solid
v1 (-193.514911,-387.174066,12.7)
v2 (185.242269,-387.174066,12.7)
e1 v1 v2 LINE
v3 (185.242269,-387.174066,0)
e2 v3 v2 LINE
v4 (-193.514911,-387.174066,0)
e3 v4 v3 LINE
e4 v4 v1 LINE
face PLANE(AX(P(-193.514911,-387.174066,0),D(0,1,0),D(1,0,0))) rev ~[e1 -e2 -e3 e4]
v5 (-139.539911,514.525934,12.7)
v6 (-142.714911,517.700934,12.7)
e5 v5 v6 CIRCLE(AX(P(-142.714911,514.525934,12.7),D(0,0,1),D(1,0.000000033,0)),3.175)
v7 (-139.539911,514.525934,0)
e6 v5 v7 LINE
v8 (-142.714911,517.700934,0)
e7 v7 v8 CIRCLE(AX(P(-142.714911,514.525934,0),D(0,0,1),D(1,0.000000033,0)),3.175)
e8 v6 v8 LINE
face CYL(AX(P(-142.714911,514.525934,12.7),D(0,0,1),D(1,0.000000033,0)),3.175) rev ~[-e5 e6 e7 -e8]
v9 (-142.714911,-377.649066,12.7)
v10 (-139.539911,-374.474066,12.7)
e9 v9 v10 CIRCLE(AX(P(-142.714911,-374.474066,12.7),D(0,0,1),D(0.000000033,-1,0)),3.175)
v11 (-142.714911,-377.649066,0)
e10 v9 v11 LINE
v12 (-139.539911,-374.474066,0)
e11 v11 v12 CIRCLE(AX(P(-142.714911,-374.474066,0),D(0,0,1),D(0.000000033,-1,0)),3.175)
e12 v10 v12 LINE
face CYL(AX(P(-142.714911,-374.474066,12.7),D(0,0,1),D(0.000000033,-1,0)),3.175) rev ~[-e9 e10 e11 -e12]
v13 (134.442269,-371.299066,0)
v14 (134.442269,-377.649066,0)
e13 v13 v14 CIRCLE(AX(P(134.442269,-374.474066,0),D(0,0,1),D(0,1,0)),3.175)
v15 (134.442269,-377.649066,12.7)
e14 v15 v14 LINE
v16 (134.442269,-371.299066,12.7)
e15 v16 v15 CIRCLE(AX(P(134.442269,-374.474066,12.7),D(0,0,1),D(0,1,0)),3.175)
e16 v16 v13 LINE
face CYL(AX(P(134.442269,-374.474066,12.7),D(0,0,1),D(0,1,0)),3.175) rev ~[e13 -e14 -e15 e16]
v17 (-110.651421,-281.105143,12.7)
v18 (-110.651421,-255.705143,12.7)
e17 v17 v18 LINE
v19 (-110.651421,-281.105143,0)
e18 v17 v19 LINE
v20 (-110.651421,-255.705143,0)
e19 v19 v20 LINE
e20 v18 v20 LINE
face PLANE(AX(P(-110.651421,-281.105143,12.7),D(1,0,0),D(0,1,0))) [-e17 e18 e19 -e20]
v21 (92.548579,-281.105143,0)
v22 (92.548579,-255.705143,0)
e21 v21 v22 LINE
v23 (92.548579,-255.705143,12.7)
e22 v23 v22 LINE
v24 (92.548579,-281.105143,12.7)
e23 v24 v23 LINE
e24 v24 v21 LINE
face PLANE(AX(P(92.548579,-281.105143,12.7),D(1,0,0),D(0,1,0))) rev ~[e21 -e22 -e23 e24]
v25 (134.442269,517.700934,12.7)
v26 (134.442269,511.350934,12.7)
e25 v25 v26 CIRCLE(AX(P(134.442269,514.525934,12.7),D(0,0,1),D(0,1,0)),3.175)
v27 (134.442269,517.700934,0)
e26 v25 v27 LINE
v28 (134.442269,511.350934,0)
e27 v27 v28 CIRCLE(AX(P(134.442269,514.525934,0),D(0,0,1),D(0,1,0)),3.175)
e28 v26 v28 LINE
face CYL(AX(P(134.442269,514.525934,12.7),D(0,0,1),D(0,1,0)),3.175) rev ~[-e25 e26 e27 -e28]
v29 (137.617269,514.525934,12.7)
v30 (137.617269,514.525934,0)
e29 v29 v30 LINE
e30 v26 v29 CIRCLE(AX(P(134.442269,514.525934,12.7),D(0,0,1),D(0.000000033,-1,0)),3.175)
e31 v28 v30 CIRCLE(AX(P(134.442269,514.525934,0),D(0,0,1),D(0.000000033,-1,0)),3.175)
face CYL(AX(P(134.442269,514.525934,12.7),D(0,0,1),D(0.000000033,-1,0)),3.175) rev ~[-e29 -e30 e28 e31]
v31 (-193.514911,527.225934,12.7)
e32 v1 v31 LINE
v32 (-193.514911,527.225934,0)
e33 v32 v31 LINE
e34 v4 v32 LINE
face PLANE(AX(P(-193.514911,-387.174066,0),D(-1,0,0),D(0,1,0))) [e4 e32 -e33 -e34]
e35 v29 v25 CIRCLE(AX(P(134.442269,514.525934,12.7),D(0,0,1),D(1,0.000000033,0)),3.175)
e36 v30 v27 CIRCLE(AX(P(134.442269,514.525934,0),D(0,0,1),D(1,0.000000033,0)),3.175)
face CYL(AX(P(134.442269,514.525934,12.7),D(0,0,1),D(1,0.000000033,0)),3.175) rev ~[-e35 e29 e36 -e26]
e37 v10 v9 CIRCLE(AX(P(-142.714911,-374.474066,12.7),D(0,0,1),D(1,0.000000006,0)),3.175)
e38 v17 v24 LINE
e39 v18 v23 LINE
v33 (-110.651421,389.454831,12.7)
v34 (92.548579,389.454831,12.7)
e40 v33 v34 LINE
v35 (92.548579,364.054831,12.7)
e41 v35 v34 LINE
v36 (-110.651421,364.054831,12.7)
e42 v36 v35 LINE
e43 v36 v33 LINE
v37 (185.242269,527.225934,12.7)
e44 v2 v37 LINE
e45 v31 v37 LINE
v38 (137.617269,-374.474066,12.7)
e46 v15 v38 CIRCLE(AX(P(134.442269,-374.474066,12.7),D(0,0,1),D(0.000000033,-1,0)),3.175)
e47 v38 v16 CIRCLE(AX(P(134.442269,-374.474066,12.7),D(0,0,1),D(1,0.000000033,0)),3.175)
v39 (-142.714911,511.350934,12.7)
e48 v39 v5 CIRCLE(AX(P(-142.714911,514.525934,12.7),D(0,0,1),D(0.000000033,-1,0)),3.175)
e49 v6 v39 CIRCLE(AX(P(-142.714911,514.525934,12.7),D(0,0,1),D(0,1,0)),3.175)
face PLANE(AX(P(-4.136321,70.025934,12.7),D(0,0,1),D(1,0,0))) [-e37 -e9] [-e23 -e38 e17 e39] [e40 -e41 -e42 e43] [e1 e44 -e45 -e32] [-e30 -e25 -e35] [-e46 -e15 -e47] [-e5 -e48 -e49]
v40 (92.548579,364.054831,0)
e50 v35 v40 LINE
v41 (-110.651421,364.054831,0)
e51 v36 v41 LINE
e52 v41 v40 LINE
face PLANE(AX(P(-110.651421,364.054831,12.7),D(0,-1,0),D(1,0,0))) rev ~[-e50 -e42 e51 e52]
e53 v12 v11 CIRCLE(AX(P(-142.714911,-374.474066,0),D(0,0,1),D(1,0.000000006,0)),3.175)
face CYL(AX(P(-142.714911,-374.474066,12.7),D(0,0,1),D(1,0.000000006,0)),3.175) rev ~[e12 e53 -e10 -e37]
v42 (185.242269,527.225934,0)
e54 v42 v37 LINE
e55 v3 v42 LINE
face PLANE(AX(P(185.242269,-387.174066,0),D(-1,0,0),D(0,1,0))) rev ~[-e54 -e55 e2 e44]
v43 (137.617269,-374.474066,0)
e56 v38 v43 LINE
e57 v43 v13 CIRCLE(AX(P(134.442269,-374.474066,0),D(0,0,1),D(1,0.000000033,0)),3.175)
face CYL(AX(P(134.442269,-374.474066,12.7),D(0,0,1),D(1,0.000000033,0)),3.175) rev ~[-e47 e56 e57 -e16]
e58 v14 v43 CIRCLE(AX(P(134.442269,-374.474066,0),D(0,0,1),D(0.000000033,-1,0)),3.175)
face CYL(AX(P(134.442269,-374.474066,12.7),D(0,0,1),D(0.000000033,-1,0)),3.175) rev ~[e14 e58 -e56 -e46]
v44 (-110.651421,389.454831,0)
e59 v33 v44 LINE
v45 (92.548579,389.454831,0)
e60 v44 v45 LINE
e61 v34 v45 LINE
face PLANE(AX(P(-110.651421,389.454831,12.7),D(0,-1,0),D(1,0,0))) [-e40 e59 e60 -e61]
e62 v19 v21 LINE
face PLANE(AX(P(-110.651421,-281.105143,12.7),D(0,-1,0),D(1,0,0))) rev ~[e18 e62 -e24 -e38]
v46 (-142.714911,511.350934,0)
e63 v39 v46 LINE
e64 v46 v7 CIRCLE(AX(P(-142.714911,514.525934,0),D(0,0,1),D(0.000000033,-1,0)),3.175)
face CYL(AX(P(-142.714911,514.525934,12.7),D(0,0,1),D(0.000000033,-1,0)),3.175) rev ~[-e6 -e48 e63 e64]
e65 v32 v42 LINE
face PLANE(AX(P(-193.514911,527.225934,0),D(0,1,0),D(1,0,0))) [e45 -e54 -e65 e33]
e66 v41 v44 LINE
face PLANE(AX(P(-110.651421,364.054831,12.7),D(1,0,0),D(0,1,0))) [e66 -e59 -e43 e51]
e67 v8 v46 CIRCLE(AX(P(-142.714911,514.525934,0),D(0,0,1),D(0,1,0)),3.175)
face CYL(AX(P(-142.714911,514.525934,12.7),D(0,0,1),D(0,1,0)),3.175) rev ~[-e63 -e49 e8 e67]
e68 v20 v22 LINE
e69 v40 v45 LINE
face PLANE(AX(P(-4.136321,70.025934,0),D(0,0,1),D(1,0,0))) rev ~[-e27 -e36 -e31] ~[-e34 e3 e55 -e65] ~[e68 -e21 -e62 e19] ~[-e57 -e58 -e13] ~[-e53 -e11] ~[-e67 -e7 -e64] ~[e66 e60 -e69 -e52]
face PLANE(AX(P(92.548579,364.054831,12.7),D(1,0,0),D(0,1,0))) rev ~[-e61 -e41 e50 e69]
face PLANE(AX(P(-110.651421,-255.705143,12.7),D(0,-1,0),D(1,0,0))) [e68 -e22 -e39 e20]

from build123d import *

# Parameters (mm, degrees)
F0_W     = 378.75718
F0_H     = 914.4
F1_DEPTH = 12.7
F3_DEPTH = 12.701
F4_W     = 203.2
F4_H     = 25.4
F5_DEPTH = 25.4


with BuildPart() as f1:
    # F0 (on Top) → F1 (new body)
    with BuildSketch(Plane.XY):
        with Locations((-4.136321, 70.025934)):
            Rectangle(F0_W, F0_H)
    extrude(amount=F1_DEPTH)

    # F2 (on face) → F3 (cut, through all)
    with BuildSketch(Plane.XY.offset(12.7)):
        with BuildLine():
            Line((-142.714911, 514.525934), (-142.714911, 511.350934))
            ThreePointArc((-142.714911, 511.350934), (-140.469847, 512.28087), (-139.539911, 514.525934))
            ThreePointArc((-139.539911, 514.525934), (-140.469847, 516.770998), (-142.714911, 517.700934))
            Line((-142.714911, 517.700934), (-142.714911, 514.525934))
        make_face()
        with BuildLine():
            ThreePointArc((-142.714911, 517.700934), (-145.889911, 514.525934), (-142.714911, 511.350934))
            Line((-142.714911, 511.350934), (-142.714911, 514.525934))
            Line((-142.714911, 514.525934), (-142.714911, 517.700934))
        make_face()
        with BuildLine():
            Line((134.442269, 514.525934), (134.442269, 511.350934))
            ThreePointArc((134.442269, 511.350934), (136.687333, 512.28087), (137.617269, 514.525934))
            ThreePointArc((137.617269, 514.525934), (136.687333, 516.770998), (134.442269, 517.700934))
            Line((134.442269, 517.700934), (134.442269, 514.525934))
        make_face()
        with BuildLine():
            ThreePointArc((134.442269, 517.700934), (131.267269, 514.525934), (134.442269, 511.350934))
            Line((134.442269, 511.350934), (134.442269, 514.525934))
            Line((134.442269, 514.525934), (134.442269, 517.700934))
        make_face()
        with BuildLine():
            ThreePointArc((-142.714911, -377.649066), (-140.469847, -376.71913), (-139.539911, -374.474066))
            ThreePointArc((-139.539911, -374.474066), (-144.959975, -372.229002), (-142.714911, -377.649066))
        make_face()
        with BuildLine():
            ThreePointArc((134.442269, -377.649066), (136.687333, -376.71913), (137.617269, -374.474066))
            ThreePointArc((137.617269, -374.474066), (136.687333, -372.229002), (134.442269, -371.299066))
            Line((134.442269, -371.299066), (134.442269, -374.474066))
            Line((134.442269, -374.474066), (134.442269, -377.649066))
        make_face()
        with BuildLine():
            Line((134.442269, -374.474066), (134.442269, -371.299066))
            ThreePointArc((134.442269, -371.299066), (131.267269, -374.474066), (134.442269, -377.649066))
            Line((134.442269, -377.649066), (134.442269, -374.474066))
        make_face()
    extrude(amount=-F3_DEPTH, mode=Mode.SUBTRACT)

    # F4 (on face) → F5 (cut)
    with BuildSketch(Plane.XY.offset(12.7)):
        with Locations((-9.051421, 376.754831)):
            Rectangle(F4_W, F4_H)
        with Locations((-9.051421, -268.405143)):
            Rectangle(F4_W, F4_H)
    extrude(amount=-F5_DEPTH, mode=Mode.SUBTRACT)


solid = f1.part
